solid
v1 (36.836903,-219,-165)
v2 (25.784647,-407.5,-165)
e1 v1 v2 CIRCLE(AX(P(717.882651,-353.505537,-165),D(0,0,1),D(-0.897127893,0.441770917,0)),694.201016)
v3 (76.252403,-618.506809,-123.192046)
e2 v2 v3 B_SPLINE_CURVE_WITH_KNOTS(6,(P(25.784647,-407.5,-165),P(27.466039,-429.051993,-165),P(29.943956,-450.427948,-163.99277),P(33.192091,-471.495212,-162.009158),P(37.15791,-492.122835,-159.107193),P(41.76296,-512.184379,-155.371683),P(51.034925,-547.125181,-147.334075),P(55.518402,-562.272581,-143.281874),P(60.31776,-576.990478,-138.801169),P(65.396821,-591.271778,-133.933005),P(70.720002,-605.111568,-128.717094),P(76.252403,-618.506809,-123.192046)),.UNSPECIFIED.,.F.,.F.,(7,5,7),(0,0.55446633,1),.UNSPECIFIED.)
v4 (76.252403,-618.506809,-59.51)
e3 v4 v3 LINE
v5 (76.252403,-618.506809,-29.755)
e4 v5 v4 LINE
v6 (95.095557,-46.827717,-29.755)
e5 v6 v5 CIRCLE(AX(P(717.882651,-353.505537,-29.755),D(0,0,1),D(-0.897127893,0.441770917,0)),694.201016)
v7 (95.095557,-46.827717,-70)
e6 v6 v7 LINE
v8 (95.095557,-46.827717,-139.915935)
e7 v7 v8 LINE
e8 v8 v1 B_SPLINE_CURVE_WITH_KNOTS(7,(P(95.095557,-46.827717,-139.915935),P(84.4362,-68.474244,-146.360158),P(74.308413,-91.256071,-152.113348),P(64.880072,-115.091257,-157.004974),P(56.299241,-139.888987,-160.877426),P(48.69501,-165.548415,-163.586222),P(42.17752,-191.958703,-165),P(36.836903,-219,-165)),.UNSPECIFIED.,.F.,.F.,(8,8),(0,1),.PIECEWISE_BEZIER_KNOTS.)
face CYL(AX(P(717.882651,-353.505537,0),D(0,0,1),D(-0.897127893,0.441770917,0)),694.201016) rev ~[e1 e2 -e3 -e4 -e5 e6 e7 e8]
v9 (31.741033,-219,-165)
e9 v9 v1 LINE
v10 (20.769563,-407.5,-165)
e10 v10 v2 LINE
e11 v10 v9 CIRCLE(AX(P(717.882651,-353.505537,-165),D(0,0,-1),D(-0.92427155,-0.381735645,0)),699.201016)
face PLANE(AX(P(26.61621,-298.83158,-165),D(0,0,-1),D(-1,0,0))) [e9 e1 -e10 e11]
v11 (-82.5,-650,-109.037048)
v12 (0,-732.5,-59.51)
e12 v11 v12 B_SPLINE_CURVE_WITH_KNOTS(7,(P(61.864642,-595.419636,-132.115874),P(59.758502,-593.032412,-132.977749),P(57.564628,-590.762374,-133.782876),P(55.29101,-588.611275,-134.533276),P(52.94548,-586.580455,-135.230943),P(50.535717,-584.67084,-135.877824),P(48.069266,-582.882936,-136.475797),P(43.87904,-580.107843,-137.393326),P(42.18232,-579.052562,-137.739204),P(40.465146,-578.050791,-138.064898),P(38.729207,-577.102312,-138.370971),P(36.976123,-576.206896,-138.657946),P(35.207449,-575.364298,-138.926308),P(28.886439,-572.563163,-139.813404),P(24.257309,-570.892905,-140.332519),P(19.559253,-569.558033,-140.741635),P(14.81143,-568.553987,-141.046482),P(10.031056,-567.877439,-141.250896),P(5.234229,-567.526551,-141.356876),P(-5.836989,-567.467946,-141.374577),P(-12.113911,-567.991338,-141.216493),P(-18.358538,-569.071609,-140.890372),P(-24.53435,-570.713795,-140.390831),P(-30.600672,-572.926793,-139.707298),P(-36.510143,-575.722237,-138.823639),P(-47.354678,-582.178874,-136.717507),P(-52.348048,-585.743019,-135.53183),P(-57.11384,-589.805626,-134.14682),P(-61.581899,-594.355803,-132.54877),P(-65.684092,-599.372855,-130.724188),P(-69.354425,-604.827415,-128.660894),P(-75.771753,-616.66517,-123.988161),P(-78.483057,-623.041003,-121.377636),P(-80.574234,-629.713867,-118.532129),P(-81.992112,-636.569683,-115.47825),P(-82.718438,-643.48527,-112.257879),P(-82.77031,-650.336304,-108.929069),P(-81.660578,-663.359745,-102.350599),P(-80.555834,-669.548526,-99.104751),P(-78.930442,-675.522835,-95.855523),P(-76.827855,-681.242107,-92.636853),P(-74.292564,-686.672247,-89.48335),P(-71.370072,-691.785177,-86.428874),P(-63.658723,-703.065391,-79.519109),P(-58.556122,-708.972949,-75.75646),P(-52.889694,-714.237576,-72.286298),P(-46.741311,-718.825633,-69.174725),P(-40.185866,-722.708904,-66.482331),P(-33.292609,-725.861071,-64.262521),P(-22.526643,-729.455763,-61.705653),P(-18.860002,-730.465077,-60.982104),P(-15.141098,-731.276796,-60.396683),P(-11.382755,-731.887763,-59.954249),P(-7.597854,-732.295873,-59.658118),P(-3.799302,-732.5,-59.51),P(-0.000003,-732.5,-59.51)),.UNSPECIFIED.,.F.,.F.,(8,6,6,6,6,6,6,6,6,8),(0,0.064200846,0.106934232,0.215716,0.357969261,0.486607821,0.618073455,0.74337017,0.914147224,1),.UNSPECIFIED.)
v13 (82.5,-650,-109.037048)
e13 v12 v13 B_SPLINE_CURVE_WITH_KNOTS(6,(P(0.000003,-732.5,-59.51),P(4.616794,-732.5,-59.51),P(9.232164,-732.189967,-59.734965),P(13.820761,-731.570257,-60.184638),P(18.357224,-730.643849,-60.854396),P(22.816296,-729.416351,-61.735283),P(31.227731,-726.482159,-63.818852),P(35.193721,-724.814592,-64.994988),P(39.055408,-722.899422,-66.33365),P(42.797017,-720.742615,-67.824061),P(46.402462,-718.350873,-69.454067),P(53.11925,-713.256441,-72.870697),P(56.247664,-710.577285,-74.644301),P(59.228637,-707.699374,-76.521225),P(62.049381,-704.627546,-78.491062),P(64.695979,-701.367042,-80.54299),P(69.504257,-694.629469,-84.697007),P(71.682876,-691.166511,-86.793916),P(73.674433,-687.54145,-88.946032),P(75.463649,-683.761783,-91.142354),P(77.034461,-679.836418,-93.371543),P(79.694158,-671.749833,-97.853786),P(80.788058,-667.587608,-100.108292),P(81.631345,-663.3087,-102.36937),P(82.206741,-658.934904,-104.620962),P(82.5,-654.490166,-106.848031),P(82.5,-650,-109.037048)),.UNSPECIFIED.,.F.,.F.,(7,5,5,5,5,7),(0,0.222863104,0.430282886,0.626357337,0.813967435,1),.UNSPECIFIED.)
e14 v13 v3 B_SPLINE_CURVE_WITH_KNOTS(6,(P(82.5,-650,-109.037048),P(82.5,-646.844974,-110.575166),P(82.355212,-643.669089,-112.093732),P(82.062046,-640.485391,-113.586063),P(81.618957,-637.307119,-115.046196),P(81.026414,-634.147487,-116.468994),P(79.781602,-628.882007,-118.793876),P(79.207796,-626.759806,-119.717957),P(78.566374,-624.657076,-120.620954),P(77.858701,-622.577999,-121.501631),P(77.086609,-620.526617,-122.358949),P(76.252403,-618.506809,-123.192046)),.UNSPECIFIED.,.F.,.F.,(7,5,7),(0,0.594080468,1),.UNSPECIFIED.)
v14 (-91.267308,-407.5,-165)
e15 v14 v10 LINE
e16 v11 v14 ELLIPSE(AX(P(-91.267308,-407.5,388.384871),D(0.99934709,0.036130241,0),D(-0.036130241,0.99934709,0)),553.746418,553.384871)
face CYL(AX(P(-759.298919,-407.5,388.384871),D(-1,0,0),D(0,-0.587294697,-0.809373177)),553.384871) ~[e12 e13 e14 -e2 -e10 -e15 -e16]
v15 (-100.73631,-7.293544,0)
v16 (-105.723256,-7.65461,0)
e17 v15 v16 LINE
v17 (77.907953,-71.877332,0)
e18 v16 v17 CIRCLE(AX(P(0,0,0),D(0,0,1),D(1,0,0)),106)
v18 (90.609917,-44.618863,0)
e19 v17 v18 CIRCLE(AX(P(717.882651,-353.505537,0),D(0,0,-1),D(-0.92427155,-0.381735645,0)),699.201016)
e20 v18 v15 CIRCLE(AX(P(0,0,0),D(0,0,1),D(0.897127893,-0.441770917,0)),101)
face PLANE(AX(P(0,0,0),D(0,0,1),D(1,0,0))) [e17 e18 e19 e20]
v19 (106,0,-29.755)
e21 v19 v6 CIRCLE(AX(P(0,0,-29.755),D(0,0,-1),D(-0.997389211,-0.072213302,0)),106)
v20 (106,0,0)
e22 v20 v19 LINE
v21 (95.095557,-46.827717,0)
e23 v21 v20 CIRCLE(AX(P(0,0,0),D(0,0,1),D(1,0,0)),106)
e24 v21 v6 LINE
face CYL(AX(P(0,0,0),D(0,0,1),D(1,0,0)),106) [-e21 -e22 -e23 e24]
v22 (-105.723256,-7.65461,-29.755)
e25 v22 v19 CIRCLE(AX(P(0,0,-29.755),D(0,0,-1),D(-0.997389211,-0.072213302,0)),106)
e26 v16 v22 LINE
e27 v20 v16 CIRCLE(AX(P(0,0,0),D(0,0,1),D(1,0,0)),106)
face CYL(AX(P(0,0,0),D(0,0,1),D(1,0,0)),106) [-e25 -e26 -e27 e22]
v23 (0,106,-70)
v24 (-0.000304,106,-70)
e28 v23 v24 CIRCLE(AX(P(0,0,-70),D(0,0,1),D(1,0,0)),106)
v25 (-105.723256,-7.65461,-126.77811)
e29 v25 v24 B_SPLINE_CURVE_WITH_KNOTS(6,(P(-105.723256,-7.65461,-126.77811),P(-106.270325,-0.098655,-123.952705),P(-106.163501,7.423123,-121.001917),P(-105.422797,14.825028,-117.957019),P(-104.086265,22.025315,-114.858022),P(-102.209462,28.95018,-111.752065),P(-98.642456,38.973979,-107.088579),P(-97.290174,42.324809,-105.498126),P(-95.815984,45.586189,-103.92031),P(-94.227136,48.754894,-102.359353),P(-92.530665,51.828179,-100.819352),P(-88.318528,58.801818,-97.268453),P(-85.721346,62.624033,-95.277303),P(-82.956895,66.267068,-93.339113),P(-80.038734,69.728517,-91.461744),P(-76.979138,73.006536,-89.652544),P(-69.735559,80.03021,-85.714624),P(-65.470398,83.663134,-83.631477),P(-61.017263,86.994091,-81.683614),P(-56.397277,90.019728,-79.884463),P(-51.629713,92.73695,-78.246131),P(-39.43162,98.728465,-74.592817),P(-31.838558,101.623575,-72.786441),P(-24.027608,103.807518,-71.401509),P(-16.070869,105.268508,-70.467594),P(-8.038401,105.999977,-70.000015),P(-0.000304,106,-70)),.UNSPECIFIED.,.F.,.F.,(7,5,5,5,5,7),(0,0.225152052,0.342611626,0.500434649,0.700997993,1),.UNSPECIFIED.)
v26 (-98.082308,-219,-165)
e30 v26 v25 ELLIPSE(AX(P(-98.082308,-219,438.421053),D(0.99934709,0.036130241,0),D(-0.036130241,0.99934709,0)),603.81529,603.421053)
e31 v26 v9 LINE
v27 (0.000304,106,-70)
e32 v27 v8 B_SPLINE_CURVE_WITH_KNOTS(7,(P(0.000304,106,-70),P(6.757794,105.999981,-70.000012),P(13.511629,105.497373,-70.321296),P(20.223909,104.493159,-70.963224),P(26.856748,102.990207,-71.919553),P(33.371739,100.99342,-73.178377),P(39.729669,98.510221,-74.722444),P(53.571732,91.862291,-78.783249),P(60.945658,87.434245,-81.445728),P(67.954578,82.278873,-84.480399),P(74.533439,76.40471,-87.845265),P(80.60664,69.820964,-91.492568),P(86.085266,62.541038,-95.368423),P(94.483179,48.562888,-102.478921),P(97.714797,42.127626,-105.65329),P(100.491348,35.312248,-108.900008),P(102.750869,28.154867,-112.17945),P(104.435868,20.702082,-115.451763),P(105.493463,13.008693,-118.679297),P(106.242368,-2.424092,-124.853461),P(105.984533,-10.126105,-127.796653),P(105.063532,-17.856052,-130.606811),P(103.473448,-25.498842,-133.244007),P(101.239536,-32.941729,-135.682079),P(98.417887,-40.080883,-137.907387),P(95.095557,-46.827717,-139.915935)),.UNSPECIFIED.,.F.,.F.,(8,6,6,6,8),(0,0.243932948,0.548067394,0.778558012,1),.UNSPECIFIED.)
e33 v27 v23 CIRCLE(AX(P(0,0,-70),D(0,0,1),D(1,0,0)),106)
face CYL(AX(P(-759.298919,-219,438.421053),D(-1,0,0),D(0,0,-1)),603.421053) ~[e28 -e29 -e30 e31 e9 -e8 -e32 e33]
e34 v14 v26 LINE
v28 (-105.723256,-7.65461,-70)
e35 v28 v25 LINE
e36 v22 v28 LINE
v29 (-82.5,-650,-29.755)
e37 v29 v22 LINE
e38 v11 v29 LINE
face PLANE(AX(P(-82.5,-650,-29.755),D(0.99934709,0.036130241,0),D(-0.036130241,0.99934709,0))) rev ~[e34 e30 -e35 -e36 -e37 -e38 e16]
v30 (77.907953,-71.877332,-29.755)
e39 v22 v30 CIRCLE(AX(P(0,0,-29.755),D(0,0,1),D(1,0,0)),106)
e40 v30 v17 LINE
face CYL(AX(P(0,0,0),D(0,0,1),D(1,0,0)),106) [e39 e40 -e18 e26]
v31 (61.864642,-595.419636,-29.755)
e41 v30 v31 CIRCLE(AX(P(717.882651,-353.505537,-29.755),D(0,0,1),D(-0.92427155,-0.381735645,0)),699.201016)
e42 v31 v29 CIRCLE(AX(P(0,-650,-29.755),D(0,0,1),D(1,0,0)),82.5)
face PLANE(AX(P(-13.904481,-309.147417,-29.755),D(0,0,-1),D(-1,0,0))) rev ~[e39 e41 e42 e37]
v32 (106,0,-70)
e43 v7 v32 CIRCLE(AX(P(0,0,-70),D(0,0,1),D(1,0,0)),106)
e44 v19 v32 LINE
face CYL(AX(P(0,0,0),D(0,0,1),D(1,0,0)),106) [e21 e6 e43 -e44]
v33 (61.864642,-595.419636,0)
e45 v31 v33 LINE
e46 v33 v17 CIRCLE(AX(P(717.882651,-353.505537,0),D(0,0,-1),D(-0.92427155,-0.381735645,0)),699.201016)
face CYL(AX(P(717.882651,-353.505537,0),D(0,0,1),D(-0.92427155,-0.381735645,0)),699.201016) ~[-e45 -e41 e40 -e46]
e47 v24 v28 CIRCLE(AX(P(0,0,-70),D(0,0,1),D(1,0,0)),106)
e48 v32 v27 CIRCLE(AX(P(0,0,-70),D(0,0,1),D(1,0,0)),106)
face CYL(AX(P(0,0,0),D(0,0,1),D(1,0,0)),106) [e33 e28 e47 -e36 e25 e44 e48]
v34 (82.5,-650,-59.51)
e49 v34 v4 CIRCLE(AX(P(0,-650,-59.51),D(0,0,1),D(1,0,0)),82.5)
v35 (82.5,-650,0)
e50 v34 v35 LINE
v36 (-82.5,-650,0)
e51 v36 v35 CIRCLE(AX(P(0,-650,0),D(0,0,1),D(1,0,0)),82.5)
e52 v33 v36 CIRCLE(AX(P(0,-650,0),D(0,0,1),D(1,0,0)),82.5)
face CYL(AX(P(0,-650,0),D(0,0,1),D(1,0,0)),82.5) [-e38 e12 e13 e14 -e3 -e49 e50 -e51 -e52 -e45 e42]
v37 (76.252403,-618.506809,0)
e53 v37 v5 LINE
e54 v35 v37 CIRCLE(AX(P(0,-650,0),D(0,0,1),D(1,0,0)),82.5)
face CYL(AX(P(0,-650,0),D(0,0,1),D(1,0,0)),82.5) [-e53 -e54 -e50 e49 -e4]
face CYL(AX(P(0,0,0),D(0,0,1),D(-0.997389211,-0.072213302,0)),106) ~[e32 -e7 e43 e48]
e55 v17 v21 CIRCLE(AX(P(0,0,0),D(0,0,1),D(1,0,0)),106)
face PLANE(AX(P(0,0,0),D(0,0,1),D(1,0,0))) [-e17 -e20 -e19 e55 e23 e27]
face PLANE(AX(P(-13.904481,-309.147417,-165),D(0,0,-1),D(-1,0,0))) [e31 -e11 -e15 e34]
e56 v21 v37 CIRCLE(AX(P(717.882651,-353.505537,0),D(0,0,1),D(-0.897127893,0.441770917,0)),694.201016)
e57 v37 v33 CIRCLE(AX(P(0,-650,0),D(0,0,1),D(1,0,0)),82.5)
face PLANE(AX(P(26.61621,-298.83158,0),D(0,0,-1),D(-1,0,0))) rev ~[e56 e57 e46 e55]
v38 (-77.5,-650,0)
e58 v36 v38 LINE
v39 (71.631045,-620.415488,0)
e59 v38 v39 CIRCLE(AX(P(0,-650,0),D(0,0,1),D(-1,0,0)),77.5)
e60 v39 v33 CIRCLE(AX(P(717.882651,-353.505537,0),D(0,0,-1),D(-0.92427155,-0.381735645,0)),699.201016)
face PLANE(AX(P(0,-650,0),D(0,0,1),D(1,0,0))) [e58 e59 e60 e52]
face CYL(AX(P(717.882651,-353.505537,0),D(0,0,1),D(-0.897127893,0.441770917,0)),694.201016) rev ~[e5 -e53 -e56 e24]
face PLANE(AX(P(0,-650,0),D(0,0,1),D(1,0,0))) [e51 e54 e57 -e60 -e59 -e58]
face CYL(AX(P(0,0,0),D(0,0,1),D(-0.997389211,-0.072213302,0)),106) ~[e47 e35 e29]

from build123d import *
from build123d.topology import SkipClean

# Parameters (mm, degrees)
SKETCH_1_R               = 106
EXTRUDE_1_DEPTH          = 70
SKETCH_2_R               = 82.5
EXTRUDE_2_DEPTH          = 59.51
EXTRUDE_2_2_DEPTH        = 165
EXTRUDE_3_DEPTH          = 135.245
CUT_EXTRUDE_1_DEPTH      = 759.298918633
CUT_EXTRUDE_1_DEPTH_BACK = 759.298918633


with BuildPart() as part:
    # 草圖1 → 填料-伸長1 (new body)
    with BuildSketch(Plane.XY):
        Circle(SKETCH_1_R)
    extrude(amount=-EXTRUDE_1_DEPTH)



with BuildPart() as body_2:
    # 草圖2 → Extrude 2 (new body)
    with BuildSketch(Plane.XY):
        with Locations((0, -650)):
            Circle(SKETCH_2_R)
    extrude(amount=-EXTRUDE_2_DEPTH)


with BuildPart() as part_1:
    with SkipClean():  # the faces are left unmerged after this step: merging them gives an invalid solid
        add(part.part)

        add(body_2.part)  # Extrude 2 2 merges body 2
        # 草圖5 → Extrude 2 2 (add)
        with BuildSketch(Plane.XY):
            with BuildLine():
                ThreePointArc((-105.723256406, -7.654610039), (20.294582586, 104.039078801), (95.095556669, -46.827717239))
                ThreePointArc((95.095556669, -46.827717239), (24.058429711, -330.636348878), (76.252402834, -618.506809274))
                ThreePointArc((76.252402834, -618.506809274), (16.053453931, -730.923028965), (-82.5, -650))
                Line((-82.5, -650), (-77.5, -650))
                ThreePointArc((-77.5, -650), (15.080517329, -726.018602967), (71.631045086, -620.4154875))
                ThreePointArc((71.631045086, -620.4154875), (19.06114358, -330.471632986), (90.609917204, -44.618862652))
                ThreePointArc((90.609917204, -44.618862652), (19.337290954, 99.131575084), (-100.736310349, -7.293543528))
                Line((-100.736310349, -7.293543528), (-105.723256406, -7.654610039))
            make_face()
        extrude(amount=-EXTRUDE_2_2_DEPTH)

    # 草圖6 → 填料-伸長3 (add)
    with BuildSketch(Plane.XY.offset(-29.755)):
        with BuildLine():
            Line((-82.5, -650), (-105.723256406, -7.654610039))
            ThreePointArc((-105.723256406, -7.654610039), (20.294582586, 104.039078801), (95.095556669, -46.827717239))
            ThreePointArc((95.095556669, -46.827717239), (24.058429711, -330.636348878), (76.252402834, -618.506809274))
            ThreePointArc((76.252402834, -618.506809274), (16.053453931, -730.923028965), (-82.5, -650))
        make_face()
    extrude(amount=-EXTRUDE_3_DEPTH)

    # 草圖7 → 除料-伸長1 (cut, two sides: drawn at the far end of the back side and taken through both)
    with BuildSketch(Plane(origin=(0, 0, 0), x_dir=(0, 0, -1), z_dir=(1, 0, 0)).offset(-CUT_EXTRUDE_1_DEPTH_BACK)):
        with BuildLine():
            Line((165, -732.5), (59.51, -732.5))
            ThreePointArc((59.51, -732.5), (137.967226394, -578.345793115), (165, -407.5))
            Line((165, -407.5), (165, -732.5))
        make_face()
        with BuildLine():
            Line((70, 106), (165, 106))
            Line((165, 106), (165, -219))
            ThreePointArc((165, -219), (140.76325893, -49.699970467), (70, 106))
        make_face()
    extrude(amount=CUT_EXTRUDE_1_DEPTH + CUT_EXTRUDE_1_DEPTH_BACK, mode=Mode.SUBTRACT)


solid = part_1.part
